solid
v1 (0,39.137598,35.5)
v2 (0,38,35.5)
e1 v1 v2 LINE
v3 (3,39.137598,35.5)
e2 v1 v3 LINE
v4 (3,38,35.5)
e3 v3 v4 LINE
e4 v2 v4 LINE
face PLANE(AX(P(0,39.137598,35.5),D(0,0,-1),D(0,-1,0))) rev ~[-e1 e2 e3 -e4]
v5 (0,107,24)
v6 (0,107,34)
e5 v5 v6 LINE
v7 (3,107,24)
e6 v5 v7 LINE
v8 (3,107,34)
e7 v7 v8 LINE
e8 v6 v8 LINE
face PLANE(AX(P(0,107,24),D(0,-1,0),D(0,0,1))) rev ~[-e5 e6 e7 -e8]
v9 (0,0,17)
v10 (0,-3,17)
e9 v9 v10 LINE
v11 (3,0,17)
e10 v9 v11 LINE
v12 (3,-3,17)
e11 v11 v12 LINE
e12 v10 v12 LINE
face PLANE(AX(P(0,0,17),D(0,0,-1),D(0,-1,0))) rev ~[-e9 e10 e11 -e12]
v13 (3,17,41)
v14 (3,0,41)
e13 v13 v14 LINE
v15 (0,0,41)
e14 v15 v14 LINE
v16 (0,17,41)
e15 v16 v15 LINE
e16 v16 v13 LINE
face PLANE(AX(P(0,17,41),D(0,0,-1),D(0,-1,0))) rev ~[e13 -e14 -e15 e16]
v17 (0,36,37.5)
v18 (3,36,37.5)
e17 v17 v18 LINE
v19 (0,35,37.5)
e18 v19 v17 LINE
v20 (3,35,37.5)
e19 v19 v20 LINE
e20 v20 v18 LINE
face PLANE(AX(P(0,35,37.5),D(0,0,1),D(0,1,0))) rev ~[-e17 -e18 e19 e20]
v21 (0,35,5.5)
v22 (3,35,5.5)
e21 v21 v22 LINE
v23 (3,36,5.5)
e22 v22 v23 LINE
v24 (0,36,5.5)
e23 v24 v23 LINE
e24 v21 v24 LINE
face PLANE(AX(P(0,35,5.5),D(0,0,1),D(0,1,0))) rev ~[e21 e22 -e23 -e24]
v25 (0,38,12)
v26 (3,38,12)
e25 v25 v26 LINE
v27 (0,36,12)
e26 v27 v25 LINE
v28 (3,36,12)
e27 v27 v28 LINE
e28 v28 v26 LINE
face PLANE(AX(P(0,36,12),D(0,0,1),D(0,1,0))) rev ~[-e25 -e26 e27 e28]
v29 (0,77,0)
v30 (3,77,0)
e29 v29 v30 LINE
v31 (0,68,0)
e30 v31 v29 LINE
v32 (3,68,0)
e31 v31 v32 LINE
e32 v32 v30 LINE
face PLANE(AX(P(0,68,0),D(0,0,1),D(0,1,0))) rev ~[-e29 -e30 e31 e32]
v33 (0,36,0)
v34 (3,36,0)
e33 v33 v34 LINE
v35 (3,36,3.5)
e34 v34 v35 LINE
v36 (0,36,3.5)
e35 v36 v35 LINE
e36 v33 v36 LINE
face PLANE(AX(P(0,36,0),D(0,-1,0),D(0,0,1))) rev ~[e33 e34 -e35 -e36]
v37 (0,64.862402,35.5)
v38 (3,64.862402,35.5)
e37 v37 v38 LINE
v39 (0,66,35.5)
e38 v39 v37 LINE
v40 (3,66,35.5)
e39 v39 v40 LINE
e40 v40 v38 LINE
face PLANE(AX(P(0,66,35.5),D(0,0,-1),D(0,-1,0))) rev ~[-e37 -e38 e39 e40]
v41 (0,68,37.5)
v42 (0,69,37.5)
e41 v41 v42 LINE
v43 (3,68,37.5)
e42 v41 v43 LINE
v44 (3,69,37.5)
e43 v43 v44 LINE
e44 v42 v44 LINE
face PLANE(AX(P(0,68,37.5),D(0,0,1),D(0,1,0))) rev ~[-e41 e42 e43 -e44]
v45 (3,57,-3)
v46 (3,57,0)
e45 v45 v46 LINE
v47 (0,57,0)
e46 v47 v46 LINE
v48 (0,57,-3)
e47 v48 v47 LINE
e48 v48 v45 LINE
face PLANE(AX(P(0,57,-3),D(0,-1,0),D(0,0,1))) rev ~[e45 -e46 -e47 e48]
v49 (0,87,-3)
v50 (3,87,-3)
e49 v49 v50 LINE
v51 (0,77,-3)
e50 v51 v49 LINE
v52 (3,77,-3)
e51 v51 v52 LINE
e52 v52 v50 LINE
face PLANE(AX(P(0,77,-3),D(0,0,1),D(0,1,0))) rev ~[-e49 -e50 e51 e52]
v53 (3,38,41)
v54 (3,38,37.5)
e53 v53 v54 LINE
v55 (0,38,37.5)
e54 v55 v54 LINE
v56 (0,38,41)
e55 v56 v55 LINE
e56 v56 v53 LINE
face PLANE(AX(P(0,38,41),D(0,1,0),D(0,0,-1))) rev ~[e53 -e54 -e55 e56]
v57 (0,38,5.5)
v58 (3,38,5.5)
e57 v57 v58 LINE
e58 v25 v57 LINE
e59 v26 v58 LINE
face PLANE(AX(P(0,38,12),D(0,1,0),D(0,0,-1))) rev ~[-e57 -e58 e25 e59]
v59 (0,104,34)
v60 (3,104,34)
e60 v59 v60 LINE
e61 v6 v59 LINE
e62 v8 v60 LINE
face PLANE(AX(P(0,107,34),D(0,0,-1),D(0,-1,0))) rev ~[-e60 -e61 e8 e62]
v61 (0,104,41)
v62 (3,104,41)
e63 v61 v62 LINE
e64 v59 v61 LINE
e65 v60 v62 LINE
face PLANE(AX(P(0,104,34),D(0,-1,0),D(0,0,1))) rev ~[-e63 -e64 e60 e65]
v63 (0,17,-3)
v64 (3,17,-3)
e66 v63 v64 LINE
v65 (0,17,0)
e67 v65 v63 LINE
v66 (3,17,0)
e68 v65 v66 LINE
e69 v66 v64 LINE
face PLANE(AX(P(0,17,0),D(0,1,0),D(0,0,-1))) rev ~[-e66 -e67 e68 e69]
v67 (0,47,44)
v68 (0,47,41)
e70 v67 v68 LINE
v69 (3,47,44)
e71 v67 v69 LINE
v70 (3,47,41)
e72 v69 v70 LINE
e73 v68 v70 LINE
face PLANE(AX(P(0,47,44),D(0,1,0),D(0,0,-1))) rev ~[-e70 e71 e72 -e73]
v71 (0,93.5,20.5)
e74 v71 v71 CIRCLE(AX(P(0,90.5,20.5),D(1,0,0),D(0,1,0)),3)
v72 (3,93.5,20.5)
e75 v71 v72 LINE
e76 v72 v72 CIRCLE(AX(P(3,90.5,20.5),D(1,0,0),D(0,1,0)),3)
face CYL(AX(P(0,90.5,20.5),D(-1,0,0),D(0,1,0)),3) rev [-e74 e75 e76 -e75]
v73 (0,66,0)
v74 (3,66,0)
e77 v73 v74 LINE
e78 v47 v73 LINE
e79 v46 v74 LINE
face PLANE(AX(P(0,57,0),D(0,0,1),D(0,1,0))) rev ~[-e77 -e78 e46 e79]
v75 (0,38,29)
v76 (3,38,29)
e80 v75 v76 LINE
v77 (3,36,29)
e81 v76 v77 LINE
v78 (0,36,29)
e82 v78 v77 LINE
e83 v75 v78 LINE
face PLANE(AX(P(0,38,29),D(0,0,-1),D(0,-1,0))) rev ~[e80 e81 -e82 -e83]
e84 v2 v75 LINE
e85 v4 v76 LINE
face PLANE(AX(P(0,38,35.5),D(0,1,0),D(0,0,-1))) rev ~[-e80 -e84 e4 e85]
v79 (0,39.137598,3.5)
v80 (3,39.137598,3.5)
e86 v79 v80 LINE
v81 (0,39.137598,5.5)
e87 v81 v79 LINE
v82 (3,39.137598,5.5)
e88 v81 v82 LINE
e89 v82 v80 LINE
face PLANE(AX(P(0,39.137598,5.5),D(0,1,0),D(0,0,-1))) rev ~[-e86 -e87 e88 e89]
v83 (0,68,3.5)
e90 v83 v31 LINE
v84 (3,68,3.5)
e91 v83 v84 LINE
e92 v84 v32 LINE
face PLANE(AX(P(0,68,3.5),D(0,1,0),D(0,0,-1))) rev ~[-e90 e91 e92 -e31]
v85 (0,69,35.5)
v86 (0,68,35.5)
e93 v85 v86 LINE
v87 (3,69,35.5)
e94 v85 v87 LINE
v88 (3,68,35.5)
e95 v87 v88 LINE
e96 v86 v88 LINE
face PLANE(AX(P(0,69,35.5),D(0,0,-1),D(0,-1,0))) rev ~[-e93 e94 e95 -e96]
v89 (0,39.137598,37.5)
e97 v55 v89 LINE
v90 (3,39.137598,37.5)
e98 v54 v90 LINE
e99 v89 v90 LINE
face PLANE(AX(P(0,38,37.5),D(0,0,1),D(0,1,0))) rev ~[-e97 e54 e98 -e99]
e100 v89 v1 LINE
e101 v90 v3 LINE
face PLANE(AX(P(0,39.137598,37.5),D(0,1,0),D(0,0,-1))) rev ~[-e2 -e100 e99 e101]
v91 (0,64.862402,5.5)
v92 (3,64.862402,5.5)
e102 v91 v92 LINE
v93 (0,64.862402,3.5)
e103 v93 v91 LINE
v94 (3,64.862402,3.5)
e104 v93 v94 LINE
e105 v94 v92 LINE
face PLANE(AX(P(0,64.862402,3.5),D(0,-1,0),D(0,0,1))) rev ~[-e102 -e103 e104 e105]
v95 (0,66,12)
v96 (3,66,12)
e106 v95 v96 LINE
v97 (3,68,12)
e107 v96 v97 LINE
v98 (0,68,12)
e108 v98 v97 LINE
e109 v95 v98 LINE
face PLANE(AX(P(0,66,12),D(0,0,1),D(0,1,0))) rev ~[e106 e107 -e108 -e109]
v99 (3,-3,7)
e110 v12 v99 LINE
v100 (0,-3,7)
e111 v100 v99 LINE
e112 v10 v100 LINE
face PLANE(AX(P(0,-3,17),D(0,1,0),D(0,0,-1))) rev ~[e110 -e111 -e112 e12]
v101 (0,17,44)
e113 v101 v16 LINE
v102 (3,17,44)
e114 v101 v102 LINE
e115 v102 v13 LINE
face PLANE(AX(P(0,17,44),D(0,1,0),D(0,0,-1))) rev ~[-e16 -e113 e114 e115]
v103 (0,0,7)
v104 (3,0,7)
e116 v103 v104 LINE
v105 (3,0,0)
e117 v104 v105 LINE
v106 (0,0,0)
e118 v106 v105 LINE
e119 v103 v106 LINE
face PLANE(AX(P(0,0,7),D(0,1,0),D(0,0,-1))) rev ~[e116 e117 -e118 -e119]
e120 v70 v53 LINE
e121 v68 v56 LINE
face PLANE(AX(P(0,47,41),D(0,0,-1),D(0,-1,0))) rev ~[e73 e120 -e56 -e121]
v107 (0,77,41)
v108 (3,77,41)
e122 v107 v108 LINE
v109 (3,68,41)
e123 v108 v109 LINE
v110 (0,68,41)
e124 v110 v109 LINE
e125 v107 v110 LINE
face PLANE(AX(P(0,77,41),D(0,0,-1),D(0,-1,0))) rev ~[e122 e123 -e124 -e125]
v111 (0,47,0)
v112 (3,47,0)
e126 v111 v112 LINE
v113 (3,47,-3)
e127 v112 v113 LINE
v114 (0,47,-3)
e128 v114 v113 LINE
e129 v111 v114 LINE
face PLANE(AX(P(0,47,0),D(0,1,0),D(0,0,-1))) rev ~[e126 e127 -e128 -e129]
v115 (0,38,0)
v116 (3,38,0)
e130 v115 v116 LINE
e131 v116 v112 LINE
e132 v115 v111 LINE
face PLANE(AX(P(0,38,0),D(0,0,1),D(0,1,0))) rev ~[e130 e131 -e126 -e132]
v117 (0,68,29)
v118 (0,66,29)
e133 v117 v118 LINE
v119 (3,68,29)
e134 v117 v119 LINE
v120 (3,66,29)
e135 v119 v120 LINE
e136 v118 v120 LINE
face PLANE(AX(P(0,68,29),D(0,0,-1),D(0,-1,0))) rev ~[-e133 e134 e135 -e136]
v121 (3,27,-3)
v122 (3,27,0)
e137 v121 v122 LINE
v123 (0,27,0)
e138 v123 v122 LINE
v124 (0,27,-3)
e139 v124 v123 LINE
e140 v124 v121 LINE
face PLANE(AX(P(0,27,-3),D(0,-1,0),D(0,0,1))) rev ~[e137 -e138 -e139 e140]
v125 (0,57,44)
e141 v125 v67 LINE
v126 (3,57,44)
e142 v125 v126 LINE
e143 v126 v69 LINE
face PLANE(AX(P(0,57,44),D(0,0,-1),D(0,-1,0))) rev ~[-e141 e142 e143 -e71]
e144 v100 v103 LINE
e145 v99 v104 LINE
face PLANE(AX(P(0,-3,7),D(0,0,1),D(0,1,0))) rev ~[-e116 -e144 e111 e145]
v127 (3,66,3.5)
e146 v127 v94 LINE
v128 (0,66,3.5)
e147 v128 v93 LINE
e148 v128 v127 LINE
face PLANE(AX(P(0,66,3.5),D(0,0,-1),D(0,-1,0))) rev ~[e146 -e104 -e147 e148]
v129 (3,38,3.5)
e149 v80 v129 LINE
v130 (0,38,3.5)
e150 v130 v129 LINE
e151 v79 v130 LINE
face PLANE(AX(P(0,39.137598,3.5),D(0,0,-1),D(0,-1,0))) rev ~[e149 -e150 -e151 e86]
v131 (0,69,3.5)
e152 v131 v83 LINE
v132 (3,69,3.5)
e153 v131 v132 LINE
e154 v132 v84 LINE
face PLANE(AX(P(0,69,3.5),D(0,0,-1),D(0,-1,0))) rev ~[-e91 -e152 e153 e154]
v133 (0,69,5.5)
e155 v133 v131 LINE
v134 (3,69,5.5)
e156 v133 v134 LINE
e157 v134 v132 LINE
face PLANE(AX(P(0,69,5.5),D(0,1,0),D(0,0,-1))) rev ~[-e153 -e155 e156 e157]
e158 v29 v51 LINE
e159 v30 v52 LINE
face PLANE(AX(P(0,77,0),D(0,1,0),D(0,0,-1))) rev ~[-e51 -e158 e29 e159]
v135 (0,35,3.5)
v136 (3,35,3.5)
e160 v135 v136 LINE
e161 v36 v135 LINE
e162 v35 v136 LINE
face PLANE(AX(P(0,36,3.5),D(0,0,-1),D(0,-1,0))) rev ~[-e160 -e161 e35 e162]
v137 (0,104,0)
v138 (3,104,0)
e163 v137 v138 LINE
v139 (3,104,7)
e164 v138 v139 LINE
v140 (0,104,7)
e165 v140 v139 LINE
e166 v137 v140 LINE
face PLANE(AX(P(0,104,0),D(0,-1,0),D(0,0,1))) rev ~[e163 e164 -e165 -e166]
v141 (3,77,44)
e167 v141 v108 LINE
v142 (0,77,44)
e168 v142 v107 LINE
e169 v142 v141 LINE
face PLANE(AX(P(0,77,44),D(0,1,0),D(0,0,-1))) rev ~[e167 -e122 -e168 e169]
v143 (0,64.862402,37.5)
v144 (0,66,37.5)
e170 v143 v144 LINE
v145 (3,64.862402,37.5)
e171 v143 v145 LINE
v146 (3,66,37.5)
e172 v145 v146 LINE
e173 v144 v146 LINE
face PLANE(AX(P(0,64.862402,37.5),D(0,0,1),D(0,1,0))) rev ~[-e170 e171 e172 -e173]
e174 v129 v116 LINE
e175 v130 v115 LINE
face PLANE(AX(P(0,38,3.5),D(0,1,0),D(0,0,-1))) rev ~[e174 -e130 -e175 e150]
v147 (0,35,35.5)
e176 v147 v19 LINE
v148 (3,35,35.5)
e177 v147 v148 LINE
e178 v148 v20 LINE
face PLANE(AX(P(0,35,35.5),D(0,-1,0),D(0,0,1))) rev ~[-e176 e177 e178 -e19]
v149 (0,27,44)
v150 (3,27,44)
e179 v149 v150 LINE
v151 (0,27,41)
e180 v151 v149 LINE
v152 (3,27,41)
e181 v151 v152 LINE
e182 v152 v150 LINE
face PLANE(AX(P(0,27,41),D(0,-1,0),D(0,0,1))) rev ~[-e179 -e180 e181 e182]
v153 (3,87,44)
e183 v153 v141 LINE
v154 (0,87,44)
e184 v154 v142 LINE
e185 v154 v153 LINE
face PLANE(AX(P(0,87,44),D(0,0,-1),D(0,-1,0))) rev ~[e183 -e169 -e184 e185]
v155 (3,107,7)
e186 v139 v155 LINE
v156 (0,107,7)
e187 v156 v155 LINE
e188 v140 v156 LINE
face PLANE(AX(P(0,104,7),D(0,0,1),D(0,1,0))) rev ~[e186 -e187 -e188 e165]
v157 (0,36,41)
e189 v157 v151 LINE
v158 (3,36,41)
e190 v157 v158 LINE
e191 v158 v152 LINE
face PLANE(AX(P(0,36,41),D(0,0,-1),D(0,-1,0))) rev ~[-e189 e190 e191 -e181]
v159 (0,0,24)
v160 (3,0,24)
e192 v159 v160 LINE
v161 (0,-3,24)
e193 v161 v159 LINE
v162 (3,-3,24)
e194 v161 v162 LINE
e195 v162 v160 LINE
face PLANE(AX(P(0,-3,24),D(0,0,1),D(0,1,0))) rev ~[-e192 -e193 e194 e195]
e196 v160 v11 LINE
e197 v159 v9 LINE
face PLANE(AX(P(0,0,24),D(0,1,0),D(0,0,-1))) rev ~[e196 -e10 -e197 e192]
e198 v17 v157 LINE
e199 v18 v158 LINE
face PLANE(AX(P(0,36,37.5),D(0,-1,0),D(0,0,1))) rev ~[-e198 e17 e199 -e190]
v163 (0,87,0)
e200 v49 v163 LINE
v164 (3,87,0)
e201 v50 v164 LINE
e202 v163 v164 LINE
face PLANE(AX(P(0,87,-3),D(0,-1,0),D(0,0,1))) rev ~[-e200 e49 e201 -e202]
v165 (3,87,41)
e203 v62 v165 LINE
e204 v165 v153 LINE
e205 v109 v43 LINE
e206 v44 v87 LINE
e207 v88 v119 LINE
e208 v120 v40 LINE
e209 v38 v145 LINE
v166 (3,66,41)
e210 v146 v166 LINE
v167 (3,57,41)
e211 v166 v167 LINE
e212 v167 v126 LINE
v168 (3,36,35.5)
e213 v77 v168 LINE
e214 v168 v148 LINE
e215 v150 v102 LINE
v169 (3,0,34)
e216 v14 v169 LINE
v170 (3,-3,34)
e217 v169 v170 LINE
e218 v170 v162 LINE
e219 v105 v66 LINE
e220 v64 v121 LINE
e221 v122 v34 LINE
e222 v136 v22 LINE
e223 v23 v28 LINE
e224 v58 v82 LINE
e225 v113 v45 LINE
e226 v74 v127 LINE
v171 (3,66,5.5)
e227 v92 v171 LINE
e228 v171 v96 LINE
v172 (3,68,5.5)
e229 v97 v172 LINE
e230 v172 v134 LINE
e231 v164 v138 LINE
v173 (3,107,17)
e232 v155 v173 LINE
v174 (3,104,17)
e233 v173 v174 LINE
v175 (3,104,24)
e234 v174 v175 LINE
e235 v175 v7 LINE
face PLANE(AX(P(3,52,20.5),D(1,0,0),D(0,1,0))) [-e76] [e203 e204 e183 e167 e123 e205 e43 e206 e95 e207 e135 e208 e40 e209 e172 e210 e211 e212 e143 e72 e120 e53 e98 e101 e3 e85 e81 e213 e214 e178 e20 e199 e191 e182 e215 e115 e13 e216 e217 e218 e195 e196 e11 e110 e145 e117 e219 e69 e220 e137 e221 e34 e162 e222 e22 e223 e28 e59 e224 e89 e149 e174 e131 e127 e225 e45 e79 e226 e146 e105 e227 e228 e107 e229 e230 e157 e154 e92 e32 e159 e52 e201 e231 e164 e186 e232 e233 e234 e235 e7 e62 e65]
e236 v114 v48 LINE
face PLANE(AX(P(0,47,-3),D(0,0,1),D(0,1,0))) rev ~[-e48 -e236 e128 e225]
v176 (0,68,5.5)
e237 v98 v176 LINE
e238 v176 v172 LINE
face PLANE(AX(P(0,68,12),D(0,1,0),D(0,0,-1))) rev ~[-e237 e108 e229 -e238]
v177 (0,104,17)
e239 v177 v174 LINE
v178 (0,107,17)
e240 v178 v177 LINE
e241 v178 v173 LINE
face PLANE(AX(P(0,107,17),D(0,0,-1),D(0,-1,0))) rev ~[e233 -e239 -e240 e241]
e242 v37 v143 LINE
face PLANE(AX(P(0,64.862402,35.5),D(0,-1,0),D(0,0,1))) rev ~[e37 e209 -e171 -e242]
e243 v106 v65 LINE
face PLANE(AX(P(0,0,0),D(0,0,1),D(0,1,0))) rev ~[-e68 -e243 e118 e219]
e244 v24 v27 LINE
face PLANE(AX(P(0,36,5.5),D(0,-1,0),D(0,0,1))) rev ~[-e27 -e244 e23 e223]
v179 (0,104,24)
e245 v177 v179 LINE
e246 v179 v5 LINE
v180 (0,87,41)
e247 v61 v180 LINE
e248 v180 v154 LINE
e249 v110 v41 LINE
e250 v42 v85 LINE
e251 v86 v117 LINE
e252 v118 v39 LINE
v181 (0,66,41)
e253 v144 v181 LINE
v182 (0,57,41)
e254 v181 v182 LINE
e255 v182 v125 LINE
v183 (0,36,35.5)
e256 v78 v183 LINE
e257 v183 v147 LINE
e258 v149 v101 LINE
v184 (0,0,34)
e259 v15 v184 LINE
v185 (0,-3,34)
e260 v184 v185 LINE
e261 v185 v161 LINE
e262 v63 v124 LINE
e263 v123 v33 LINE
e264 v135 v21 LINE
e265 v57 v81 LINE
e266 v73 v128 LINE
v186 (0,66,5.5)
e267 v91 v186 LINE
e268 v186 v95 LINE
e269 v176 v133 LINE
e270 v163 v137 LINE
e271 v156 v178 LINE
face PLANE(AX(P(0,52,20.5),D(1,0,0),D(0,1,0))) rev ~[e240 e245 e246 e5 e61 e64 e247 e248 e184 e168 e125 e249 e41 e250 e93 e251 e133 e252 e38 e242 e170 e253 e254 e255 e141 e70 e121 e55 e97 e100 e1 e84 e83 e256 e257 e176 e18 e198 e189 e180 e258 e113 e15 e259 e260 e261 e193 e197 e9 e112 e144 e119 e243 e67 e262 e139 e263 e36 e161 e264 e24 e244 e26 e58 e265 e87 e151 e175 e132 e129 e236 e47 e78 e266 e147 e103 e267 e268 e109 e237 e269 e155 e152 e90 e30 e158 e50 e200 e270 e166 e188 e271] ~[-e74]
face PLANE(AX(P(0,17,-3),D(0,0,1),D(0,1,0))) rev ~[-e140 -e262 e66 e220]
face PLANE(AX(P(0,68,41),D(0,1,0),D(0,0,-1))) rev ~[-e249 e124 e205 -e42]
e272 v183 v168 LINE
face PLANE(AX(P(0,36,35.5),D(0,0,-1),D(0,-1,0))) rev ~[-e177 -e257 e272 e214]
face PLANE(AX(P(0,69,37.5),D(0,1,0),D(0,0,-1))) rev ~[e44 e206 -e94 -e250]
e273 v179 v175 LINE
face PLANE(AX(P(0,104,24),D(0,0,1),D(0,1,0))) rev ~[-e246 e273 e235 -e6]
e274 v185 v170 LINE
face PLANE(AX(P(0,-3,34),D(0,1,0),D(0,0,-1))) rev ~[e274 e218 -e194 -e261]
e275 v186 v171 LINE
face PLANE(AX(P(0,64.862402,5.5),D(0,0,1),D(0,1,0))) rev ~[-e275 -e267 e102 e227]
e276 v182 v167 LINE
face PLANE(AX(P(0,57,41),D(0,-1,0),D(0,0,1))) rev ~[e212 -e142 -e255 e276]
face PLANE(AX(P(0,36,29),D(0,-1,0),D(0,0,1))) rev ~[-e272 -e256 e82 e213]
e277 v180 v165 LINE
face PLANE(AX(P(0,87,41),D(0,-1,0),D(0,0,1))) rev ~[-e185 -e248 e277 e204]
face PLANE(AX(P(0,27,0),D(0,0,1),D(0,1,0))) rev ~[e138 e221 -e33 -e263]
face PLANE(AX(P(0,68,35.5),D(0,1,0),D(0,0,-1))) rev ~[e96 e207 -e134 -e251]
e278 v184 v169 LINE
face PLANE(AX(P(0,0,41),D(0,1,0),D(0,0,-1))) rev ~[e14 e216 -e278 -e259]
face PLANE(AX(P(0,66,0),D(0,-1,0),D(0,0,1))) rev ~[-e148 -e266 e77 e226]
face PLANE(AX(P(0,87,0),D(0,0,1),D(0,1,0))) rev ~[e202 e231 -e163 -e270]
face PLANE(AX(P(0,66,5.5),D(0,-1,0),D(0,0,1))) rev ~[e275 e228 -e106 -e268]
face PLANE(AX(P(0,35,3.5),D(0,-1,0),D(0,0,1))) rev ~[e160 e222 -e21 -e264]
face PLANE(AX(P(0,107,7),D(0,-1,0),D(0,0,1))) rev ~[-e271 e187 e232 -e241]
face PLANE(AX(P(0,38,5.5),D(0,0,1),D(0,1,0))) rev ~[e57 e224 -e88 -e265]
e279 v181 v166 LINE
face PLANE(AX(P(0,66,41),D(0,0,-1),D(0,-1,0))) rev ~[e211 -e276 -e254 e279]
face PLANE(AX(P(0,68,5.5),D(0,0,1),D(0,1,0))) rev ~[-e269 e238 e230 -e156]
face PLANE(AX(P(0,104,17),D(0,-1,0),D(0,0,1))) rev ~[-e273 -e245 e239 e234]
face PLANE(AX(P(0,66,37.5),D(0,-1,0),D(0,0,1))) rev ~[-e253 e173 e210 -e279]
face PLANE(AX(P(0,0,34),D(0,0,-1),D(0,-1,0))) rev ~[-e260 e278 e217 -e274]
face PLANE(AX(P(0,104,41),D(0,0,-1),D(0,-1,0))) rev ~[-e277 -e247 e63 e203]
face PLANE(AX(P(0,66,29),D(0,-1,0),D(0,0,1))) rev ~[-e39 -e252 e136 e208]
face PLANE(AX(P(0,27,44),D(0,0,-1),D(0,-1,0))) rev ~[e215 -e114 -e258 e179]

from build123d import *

# Parameters (mm, degrees)
F0_R     = 3
F1_DEPTH = 3


with BuildPart() as f1:
    # F0 (on Right) → F1 (new body)
    with BuildSketch(Plane.YZ):
        Polygon((0, 7), (0, 0), (17, 0), (17, -3), (27, -3), (27, 0), (36, 0), (36, 3.5), (35, 3.5), (35, 5.5), (36, 5.5), (36, 12), (38, 12), (38, 5.5), (39.137598, 5.5), (39.137598, 3.5), (38, 3.5), (38, 0), (47, 0), (47, -3), (52, -3), (57, -3), (57, 0), (66, 0), (66, 3.5), (64.862402, 3.5), (64.862402, 5.5), (66, 5.5), (66, 12), (68, 12), (68, 5.5), (69, 5.5), (69, 3.5), (68, 3.5), (68, 0), (77, 0), (77, -3), (87, -3), (87, 0), (104, 0), (104, 7), (107, 7), (107, 17), (104, 17), (104, 20.5), (104, 24), (107, 24), (107, 34), (104, 34), (104, 41), (87, 41), (87, 44), (77, 44), (77, 41), (68, 41), (68, 37.5), (69, 37.5), (69, 35.5), (68, 35.5), (68, 29), (66, 29), (66, 35.5), (64.862402, 35.5), (64.862402, 37.5), (66, 37.5), (66, 41), (57, 41), (57, 44), (52, 44), (47, 44), (47, 41), (38, 41), (38, 37.5), (39.137598, 37.5), (39.137598, 35.5), (38, 35.5), (38, 29), (36, 29), (36, 35.5), (35, 35.5), (35, 37.5), (36, 37.5), (36, 41), (27, 41), (27, 44), (17, 44), (17, 41), (0, 41), (0, 34), (-3, 34), (-3, 24), (0, 24), (0, 20.5), (0, 17), (-3, 17), (-3, 7), align=None)
        with Locations((90.5, 20.5)):
            Circle(F0_R, mode=Mode.SUBTRACT)
    extrude(amount=F1_DEPTH)


solid = f1.part
